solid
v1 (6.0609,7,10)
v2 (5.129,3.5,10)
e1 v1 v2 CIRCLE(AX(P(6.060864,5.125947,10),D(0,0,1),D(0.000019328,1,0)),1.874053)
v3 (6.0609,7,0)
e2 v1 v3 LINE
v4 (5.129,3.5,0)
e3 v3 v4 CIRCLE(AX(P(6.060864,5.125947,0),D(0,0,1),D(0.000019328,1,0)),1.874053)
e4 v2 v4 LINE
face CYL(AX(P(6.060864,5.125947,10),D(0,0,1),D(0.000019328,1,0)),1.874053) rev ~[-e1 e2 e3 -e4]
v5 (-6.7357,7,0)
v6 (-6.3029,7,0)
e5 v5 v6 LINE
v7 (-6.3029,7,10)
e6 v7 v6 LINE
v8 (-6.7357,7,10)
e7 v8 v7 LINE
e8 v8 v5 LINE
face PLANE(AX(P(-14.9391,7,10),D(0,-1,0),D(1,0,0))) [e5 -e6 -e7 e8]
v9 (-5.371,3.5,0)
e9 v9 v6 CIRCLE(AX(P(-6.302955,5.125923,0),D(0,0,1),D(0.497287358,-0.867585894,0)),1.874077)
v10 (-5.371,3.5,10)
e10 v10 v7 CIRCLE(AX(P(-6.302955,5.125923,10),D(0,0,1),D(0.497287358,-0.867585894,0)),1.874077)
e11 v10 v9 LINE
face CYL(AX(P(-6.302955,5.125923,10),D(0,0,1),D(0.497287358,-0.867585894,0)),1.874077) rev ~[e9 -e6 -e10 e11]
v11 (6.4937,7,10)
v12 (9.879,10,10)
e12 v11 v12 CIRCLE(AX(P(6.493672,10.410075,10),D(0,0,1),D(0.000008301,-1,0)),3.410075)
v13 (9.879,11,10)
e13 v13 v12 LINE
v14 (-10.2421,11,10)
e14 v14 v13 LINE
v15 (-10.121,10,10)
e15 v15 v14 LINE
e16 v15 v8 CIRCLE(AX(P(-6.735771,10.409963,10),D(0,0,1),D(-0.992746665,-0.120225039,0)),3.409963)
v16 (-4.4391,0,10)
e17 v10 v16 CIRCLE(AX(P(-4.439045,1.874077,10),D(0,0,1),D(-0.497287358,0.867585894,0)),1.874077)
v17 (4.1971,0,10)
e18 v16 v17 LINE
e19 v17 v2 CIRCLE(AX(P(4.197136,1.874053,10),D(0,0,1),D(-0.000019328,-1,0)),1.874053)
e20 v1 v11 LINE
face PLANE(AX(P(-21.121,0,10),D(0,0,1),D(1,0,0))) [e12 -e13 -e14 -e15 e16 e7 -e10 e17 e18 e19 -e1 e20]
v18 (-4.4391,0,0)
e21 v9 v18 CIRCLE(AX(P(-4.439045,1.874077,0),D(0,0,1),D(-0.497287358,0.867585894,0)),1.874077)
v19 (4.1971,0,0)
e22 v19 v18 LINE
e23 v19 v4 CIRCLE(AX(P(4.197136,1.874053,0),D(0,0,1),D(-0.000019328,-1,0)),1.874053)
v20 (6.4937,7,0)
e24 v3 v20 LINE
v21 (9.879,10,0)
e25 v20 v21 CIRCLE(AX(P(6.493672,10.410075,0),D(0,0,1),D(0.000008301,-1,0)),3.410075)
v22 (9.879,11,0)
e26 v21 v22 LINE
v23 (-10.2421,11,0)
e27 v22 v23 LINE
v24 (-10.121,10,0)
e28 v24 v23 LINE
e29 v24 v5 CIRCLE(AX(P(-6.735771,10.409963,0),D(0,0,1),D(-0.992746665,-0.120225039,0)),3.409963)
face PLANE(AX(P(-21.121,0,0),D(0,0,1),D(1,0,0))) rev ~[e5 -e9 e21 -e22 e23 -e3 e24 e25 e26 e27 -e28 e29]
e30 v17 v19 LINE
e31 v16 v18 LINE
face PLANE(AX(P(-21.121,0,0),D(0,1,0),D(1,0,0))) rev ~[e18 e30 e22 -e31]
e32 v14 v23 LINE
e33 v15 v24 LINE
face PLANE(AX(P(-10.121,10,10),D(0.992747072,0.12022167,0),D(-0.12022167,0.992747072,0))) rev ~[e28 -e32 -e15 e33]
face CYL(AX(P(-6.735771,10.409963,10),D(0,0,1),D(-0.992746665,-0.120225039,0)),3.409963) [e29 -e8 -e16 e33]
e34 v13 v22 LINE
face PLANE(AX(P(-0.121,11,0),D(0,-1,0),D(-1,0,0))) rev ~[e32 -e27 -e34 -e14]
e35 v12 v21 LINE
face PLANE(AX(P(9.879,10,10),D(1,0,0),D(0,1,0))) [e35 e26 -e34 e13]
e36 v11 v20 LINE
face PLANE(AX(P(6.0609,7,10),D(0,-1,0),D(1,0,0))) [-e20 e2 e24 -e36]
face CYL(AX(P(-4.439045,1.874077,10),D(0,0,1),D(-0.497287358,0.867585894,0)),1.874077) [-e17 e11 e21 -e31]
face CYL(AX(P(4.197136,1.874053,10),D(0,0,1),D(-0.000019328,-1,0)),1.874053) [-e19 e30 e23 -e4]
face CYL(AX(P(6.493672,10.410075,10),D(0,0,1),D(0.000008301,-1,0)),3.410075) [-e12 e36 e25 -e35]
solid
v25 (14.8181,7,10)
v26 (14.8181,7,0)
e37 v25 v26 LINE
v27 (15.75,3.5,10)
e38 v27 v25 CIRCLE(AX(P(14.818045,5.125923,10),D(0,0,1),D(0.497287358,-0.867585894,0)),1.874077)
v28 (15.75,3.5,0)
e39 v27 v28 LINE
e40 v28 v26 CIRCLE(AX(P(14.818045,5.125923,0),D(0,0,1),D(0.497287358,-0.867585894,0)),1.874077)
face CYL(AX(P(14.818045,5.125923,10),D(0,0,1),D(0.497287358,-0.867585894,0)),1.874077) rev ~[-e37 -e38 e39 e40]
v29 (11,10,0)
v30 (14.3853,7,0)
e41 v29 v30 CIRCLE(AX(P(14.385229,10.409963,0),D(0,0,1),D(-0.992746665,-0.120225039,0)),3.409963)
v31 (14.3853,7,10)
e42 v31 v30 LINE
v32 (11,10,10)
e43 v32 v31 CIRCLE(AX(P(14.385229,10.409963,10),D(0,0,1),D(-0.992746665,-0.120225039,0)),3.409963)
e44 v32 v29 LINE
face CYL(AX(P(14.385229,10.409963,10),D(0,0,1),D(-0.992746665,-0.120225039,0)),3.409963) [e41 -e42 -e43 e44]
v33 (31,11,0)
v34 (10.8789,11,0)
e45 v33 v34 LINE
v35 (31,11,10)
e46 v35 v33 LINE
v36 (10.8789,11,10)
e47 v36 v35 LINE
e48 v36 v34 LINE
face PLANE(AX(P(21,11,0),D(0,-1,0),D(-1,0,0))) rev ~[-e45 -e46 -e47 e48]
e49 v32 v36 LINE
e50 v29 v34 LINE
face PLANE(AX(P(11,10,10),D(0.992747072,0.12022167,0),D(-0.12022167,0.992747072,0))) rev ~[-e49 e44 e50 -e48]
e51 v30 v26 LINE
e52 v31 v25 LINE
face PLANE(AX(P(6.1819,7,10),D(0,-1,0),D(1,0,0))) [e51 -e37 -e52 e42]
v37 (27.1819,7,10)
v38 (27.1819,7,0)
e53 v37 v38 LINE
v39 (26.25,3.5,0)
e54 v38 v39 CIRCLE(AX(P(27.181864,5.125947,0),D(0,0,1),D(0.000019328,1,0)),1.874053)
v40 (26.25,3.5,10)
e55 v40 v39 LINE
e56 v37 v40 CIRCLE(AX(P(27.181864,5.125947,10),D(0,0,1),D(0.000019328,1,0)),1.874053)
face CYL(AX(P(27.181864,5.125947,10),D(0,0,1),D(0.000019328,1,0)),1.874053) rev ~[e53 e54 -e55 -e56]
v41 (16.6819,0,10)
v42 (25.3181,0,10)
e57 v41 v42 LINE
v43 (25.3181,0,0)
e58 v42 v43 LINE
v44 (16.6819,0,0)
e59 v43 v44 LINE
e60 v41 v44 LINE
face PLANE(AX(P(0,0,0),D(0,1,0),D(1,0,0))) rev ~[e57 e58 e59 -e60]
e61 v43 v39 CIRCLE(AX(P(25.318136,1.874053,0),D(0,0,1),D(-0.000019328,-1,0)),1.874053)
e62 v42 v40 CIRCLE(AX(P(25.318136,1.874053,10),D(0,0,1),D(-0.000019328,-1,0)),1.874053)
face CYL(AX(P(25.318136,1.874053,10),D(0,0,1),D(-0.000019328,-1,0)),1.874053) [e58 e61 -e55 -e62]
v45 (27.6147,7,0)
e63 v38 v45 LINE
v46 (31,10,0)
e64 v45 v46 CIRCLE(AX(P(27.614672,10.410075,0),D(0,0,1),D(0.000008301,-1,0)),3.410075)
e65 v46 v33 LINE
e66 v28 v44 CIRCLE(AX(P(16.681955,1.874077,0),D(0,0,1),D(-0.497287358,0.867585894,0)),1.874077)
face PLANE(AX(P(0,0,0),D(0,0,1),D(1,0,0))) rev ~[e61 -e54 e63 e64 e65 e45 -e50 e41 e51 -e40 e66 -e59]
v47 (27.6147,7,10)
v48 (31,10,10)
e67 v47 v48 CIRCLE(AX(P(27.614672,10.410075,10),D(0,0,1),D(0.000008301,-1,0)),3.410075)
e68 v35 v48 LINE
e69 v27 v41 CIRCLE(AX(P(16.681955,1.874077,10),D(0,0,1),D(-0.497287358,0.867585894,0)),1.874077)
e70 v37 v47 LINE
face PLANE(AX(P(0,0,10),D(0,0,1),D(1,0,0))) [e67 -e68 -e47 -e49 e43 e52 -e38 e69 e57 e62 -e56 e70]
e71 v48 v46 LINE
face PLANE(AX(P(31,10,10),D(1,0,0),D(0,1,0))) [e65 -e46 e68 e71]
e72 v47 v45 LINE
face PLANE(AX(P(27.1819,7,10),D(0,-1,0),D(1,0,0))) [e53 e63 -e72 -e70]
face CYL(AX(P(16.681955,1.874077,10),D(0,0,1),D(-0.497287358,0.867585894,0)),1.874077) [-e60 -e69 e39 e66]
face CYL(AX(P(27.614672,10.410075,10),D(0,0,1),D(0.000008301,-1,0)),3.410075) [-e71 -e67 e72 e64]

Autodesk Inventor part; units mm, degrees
ref_plane "YZ Plane" through (0, 0, 0) normal (1, 0, 0) x (0, 1, 0)
ref_plane "XZ Plane" through (0, 0, 0) normal (0, 1, 0) x (-1, 0, 0)
ref_plane "XY Plane" through (0, 0, 0) normal (0, 0, 1) x (1, 0, 0)
sketch "Sketch1" plane through (0, 0, 0) normal (0, 0, 1) x (1, 0, 0)
  line L0 (0, 0) -> (21, 0)
  line L1 (21, 0) -> (21, 11)
  line L2 (21, 11) -> (0, 11)
  line L3 (0, 11) -> (0, 0)
  dimension "d0" = 21
  dimension "d1" = 11
extrude "Extrusion1" add sketch "Sketch1" along normal blind 10
sketch "Sketch2" plane through (0, 0, 10) normal (0, 0, 1) x (1, 0, 0)
  line L0 (0, 0) -> (21, 0) projected
  arc A0 (4.3181, 0) -> (5.25, 3.5) centre (4.3181, 1.8741) ccw
  arc A1 (6.1819, 7) -> (5.25, 3.5) centre (6.1819, 5.1259) ccw
  arc A2 (15.75, 3.5) -> (16.6819, 0) centre (16.6819, 1.8741) ccw
  arc A3 (15.75, 3.5) -> (14.8181, 7) centre (14.8181, 5.1259) ccw
  line L1 (6.1819, 7) -> (14.8181, 7)
  line L2 (21, 11) -> (0, 11) projected
  line L3 (4.3181, 1.8741) -> (6.1819, 5.1259) construction
  line L4 (16.6819, 1.8741) -> (14.8181, 5.1259) construction
  line L5 (0, 11) -> (0, 0) construction
  line L6 (21, 0) -> (21, 11) construction
  point P0 (10.5, 7)
  point P1 (15.75, 3.5)
  dimension "d7" = 10.5
  dimension "d9" = 7
  dimension "d13" = 10.5
extrude "Extrusion2" cut sketch "Sketch2" against normal through all
sketch "Sketch3" plane through (0, 0, 10) normal (0, 0, 1) x (1, 0, 0)
  line L0 (21, 11) -> (0, 11) projected
  line L1 (14.8181, 7) -> (6.1819, 7) projected
  arc A0 (6.6147, 7) -> (10, 10) centre (6.6147, 10.41) ccw
  arc A1 (11, 10) -> (14.3853, 7) centre (14.3853, 10.41) ccw
  line L2 (10, 10) -> (11, 10)
  line L3 (6.1819, 7) -> (14.8181, 7) projected
  line L4 (10.5, 10) -> (10.5, 11) construction
  point P0 (0, 0)
  dimension "d15" = 1
  dimension "d16" = 1
extrude "Extrusion3" cut sketch "Sketch3" against normal through all
pattern_linear "Rectangular Pattern1" count 6 spacing 21 along (1, 0, 0)
sketch "Sketch4" plane through (0, 0, 10) normal (0, 0, 1) x (1, 0, 0)
  line L0 (115, 10) -> (116, 10) projected
  line L1 (115, 10) -> (115, 11)
  line L2 (126, 11) -> (0, 11) projected
  line L3 (121.6819, 0) -> (126, 0) projected
  line L4 (121.6819, 0) -> (126, 0)
  line L5 (126, 0) -> (126, 11)
  line L6 (126, 0) -> (126, 11) projected
  line L7 (126, 11) -> (115, 11)
  arc A0 (116, 10) -> (119.3853, 7) centre (119.3853, 10.41) ccw projected
  line L8 (115, 10) -> (116, 10)
  line L9 (119.3853, 7) -> (119.8181, 7) projected
  arc A1 (116, 10) -> (119.3853, 7) centre (119.3853, 10.41) ccw
  arc A2 (120.75, 3.5) -> (119.8181, 7) centre (119.8181, 5.1259) ccw projected
  line L10 (119.3853, 7) -> (119.8181, 7)
  arc A3 (120.75, 3.5) -> (119.8181, 7) centre (119.8181, 5.1259) ccw
  arc A4 (120.75, 3.5) -> (121.6819, 0) centre (121.6819, 1.8741) ccw projected
  arc A5 (120.75, 3.5) -> (121.6819, 0) centre (121.6819, 1.8741) ccw
  line L11 (32, 10) -> (31, 10) projected
  line L12 (31, 10) -> (31, 11)
  line L13 (31, 10) -> (31, 0)
  line L14 (31, 0) -> (126, 0)
  line L15 (126, 11) -> (31, 11)
  arc A6 (11, 10) -> (14.3853, 7) centre (14.3853, 10.41) ccw projected
  line L16 (11, 10) -> (10.8789, 11)
  line L17 (10.8789, 11) -> (0, 11)
  line L18 (0, 11) -> (0, 0)
  line L19 (0, 0) -> (11, 0)
  line L20 (11, 0) -> (11, 10)
  point P0 (11, 11)
extrude "Extrusion4" cut sketch "Sketch4" against normal through all
pattern_linear "Rectangular Pattern2" count 2 spacing 21.121 along (-1, 0, 0)
sketch "Sketch5" plane through (0, 0, 10) normal (0, 0, 1) x (1, 0, 0)
  line L0 (31, 11) -> (10.8789, 11) projected
  line L1 (15.75, 3.5) -> (11.9442, 10.1401) construction
  arc A0 (15.75, 3.5) -> (16.6819, 0) centre (16.6819, 1.8741) ccw construction
  line L2 (11.7707, 1.2193) -> (15.75, 3.5) construction
  arc A1 (15.75, 3.5) -> (14.8181, 7) centre (14.8181, 5.1259) ccw construction
  line L3 (15.75, 3.5) -> (19.849, 5.8494) construction
  arc A2 (25.3181, 0) -> (26.25, 3.5) centre (25.3181, 1.8741) ccw construction
  line L4 (26.25, 3.5) -> (29.888, 9.8474) construction
  line L5 (23.4673, 5.0949) -> (26.25, 3.5) construction
  line L6 (26.25, 3.5) -> (28.9514, 1.9517) construction
  arc A3 (25.3181, 0) -> (26.25, 3.5) centre (25.3181, 1.8741) ccw construction
  line L7 (11.9442, 10.1401) -> (8.4243, 16.2814) construction
  line L8 (29.888, 9.8474) -> (33.5756, 16.2813) construction
  line L9 (21.2593, -5.2075) -> (20.7407, -6.1122) construction
  line L10 (-11.2522, 13.7611) -> (-5.371, 3.5) construction
  line L11 (-9.2047, 1.3027) -> (-5.371, 3.5) construction
  line L12 (-5.371, 3.5) -> (-0.1045, 6.5185) construction
  line L13 (5.129, 3.5) -> (8.7239, 1.4396) construction
  line L14 (5.129, 3.5) -> (-0.283, 6.6019) construction
  arc A4 (4.1971, 0) -> (5.129, 3.5) centre (4.1971, 1.8741) ccw construction
  arc A5 (-5.371, 3.5) -> (-6.3029, 7) centre (-6.3029, 5.1259) ccw construction
  arc A6 (-5.371, 3.5) -> (-4.4391, 0) centre (-4.4391, 1.8741) ccw construction
  arc A7 (6.0609, 7) -> (5.129, 3.5) centre (6.0609, 5.1259) ccw construction
  arc A8 (4.1971, 0) -> (5.129, 3.5) centre (4.1971, 1.8741) ccw construction
  line L15 (5.129, 3.5) -> (13.9975, 18.9732) construction
  arc A9 (15.75, 3.5) -> (16.6819, 0) centre (16.6819, 1.8741) ccw construction
  arc A10 (15.75, 3.5) -> (14.8181, 7) centre (14.8181, 5.1259) ccw construction
  arc A11 (27.1819, 7) -> (26.25, 3.5) centre (27.1819, 5.1259) ccw construction
  point P0 (0, 0)
  point P1 (8.9348, 10.1401)
  point P2 (-9.1768, 10.1401)
properties part number "Zipperteethv4"
